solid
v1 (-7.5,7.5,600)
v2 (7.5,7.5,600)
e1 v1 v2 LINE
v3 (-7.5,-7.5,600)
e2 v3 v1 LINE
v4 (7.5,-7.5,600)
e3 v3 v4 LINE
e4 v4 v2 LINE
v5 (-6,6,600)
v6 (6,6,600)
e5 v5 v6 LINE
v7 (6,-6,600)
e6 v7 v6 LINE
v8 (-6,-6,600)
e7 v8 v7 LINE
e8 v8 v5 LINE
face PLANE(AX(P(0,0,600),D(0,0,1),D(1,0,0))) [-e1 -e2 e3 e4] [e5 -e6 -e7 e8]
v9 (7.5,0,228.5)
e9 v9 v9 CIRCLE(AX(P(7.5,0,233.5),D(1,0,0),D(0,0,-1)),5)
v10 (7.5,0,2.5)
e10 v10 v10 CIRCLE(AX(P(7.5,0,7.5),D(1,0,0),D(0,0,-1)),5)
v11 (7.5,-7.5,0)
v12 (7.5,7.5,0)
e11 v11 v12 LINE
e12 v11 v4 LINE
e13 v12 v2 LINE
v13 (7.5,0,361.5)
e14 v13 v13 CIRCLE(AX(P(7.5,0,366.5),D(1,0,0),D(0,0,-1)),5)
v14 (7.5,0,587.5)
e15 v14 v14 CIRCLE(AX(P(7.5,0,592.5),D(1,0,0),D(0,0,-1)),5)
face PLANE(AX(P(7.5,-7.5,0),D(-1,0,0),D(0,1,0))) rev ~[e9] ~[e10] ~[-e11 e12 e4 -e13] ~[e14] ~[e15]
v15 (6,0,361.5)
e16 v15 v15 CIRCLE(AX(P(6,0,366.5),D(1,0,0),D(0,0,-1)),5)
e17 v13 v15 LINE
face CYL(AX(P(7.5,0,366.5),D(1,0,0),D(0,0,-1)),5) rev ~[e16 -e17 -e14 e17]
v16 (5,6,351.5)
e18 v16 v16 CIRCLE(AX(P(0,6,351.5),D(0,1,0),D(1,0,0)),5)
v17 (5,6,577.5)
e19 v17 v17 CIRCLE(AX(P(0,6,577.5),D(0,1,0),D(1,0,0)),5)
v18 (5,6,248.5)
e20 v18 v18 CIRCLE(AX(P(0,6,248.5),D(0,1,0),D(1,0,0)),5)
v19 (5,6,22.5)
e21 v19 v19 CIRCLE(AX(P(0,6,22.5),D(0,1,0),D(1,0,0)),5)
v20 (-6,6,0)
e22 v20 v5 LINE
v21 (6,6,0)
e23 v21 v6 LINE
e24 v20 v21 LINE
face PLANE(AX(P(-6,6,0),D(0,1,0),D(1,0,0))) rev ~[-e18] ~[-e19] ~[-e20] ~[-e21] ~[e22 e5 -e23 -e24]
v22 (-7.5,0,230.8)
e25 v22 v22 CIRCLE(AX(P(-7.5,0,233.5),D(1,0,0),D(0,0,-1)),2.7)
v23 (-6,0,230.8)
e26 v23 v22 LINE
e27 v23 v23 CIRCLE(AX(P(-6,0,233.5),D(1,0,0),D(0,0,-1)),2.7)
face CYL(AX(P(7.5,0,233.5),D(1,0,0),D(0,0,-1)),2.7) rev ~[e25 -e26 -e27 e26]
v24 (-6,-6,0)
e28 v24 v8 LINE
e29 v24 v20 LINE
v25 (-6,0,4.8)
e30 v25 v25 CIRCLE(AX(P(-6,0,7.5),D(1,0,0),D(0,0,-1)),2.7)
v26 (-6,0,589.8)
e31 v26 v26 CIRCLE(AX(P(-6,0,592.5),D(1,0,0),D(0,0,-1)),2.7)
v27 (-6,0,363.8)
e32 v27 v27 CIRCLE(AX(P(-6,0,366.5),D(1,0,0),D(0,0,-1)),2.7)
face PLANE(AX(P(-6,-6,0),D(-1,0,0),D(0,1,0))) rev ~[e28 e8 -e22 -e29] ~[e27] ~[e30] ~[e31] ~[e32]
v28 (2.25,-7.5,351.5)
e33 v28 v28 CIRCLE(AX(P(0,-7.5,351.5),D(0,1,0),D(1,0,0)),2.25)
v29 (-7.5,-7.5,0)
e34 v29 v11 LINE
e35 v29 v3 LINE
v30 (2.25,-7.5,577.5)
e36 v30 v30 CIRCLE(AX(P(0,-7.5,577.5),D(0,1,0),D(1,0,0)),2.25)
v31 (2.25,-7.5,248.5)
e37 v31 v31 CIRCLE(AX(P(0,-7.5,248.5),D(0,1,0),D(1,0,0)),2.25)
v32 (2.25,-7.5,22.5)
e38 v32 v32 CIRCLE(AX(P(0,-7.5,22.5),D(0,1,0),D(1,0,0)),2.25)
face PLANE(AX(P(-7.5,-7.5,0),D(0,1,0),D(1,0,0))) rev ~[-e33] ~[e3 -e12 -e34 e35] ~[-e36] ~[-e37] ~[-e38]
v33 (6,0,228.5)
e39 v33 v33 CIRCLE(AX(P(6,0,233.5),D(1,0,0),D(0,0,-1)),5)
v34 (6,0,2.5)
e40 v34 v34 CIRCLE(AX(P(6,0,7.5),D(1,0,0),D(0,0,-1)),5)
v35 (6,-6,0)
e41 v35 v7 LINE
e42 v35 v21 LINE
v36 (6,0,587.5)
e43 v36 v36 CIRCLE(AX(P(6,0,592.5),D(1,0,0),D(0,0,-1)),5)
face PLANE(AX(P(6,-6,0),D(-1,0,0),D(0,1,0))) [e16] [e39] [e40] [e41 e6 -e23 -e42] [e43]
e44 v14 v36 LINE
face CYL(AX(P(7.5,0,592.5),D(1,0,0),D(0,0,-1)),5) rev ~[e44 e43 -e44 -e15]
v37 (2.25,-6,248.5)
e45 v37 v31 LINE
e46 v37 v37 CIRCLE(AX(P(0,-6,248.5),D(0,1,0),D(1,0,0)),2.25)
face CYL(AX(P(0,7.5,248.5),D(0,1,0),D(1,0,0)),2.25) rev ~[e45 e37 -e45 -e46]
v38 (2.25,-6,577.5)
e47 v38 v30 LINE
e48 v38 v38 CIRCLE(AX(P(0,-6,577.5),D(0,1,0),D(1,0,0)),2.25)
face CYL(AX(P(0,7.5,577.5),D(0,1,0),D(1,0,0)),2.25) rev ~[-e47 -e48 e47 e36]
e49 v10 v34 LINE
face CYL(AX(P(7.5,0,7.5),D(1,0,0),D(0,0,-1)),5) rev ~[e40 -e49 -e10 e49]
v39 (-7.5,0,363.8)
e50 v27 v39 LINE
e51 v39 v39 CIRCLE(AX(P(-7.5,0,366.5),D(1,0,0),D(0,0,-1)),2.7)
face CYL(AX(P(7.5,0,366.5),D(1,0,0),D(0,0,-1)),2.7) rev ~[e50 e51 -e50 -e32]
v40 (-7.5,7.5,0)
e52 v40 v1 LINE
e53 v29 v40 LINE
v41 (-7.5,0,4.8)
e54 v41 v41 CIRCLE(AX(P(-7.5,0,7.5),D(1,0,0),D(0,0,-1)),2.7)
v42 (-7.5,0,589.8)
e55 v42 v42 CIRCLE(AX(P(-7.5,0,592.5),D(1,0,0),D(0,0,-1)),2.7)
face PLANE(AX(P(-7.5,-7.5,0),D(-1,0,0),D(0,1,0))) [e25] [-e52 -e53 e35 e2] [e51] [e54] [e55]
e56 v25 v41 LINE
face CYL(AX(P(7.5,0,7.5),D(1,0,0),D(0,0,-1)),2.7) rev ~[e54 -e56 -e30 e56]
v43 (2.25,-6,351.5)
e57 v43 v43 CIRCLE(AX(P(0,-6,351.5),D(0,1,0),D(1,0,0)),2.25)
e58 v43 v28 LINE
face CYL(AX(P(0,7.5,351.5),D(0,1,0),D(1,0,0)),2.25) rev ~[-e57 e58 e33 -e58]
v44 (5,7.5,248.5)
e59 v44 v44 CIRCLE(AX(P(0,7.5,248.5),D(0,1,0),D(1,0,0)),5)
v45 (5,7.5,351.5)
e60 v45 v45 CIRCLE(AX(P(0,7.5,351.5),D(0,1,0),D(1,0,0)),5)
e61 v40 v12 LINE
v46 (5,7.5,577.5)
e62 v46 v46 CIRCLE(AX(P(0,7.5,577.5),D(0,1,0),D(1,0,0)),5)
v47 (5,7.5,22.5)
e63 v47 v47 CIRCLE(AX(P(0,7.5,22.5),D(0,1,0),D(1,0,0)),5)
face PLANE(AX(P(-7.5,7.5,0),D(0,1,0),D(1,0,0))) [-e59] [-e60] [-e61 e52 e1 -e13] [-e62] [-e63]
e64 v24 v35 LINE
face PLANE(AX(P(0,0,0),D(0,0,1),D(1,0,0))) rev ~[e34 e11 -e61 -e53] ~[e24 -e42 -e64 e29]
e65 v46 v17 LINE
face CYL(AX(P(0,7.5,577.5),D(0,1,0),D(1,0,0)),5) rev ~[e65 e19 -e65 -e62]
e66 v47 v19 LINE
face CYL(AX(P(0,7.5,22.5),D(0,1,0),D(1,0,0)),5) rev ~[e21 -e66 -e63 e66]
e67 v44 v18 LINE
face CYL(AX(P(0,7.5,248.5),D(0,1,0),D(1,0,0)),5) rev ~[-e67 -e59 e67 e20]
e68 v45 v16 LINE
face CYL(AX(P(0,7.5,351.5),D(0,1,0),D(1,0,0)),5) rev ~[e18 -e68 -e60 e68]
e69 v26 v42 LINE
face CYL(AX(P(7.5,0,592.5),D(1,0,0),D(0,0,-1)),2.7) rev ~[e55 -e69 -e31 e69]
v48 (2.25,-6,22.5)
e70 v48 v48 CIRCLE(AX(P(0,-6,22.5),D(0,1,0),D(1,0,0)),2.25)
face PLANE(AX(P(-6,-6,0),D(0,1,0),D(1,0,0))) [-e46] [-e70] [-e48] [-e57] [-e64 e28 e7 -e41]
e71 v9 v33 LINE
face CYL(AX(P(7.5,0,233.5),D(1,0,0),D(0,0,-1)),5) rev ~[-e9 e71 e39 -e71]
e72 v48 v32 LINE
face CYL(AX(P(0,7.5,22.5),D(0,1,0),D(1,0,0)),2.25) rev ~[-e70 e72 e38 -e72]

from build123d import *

# Parameters (mm, degrees)
SKETCH_1_W          = 15
SKETCH_1_H          = 15
SKETCH_1_W_2        = 12
SKETCH_1_H_2        = 12
EXTRUDE_1_DEPTH     = 600
SKETCH_2_R          = 2.7
CUT_EXTRUDE_1_DEPTH = 25
SKETCH_3_R          = 2.25
CUT_EXTRUDE_2_DEPTH = 25
SKETCH_4_R          = 5
CUT_EXTRUDE_3_DEPTH = 10
SKETCH_5_R          = 5
CUT_EXTRUDE_4_DEPTH = 10


with BuildPart() as part:
    # ｽｹｯﾁ1 → ﾎﾞｽ - 押し出し1 (new body)
    with BuildSketch(Plane.XY):
        Rectangle(SKETCH_1_W, SKETCH_1_H)
        Rectangle(SKETCH_1_W_2, SKETCH_1_H_2, mode=Mode.SUBTRACT)
    extrude(amount=EXTRUDE_1_DEPTH)

    # ｽｹｯﾁ2 → ｶｯﾄ - 押し出し1 (cut)
    with BuildSketch(Plane(origin=(7.5, 0, 0), x_dir=(0, 0, -1), z_dir=(1, 0, 0))):
        with Locations((-592.5, 0)):
            Circle(SKETCH_2_R)
        with Locations((-7.5, 0)):
            Circle(SKETCH_2_R)
        with Locations((-366.5, 0)):
            Circle(SKETCH_2_R)
        with Locations((-233.5, 0)):
            Circle(SKETCH_2_R)
    extrude(amount=-CUT_EXTRUDE_1_DEPTH, mode=Mode.SUBTRACT)

    # ｽｹｯﾁ3 → ｶｯﾄ - 押し出し2 (cut)
    with BuildSketch(Plane(origin=(0, 7.5, 0), x_dir=(1, 0, 0), z_dir=(0, 1, 0))):
        with Locations((0, -22.5)):
            Circle(SKETCH_3_R)
        with Locations((0, -577.5)):
            Circle(SKETCH_3_R)
        with Locations((0, -351.5)):
            Circle(SKETCH_3_R)
        with Locations((0, -248.5)):
            Circle(SKETCH_3_R)
    extrude(amount=-CUT_EXTRUDE_2_DEPTH, mode=Mode.SUBTRACT)

    # ｽｹｯﾁ4 → ｶｯﾄ - 押し出し3 (cut)
    with BuildSketch(Plane(origin=(0, 7.5, 0), x_dir=(1, 0, 0), z_dir=(0, 1, 0))):
        with Locations((0, -577.5)):
            Circle(SKETCH_4_R)
        with Locations((0, -351.5)):
            Circle(SKETCH_4_R)
        with Locations((0, -248.5)):
            Circle(SKETCH_4_R)
        with Locations((0, -22.5)):
            Circle(SKETCH_4_R)
    extrude(amount=-CUT_EXTRUDE_3_DEPTH, mode=Mode.SUBTRACT)

    # ｽｹｯﾁ5 → ｶｯﾄ - 押し出し4 (cut)
    with BuildSketch(Plane(origin=(7.5, 0, 0), x_dir=(0, 0, -1), z_dir=(1, 0, 0))):
        with Locations((-592.5, 0)):
            Circle(SKETCH_5_R)
        with Locations((-366.5, 0)):
            Circle(SKETCH_5_R)
        with Locations((-233.5, 0)):
            Circle(SKETCH_5_R)
        with Locations((-7.5, 0)):
            Circle(SKETCH_5_R)
    extrude(amount=-CUT_EXTRUDE_4_DEPTH, mode=Mode.SUBTRACT)


solid = part.part
